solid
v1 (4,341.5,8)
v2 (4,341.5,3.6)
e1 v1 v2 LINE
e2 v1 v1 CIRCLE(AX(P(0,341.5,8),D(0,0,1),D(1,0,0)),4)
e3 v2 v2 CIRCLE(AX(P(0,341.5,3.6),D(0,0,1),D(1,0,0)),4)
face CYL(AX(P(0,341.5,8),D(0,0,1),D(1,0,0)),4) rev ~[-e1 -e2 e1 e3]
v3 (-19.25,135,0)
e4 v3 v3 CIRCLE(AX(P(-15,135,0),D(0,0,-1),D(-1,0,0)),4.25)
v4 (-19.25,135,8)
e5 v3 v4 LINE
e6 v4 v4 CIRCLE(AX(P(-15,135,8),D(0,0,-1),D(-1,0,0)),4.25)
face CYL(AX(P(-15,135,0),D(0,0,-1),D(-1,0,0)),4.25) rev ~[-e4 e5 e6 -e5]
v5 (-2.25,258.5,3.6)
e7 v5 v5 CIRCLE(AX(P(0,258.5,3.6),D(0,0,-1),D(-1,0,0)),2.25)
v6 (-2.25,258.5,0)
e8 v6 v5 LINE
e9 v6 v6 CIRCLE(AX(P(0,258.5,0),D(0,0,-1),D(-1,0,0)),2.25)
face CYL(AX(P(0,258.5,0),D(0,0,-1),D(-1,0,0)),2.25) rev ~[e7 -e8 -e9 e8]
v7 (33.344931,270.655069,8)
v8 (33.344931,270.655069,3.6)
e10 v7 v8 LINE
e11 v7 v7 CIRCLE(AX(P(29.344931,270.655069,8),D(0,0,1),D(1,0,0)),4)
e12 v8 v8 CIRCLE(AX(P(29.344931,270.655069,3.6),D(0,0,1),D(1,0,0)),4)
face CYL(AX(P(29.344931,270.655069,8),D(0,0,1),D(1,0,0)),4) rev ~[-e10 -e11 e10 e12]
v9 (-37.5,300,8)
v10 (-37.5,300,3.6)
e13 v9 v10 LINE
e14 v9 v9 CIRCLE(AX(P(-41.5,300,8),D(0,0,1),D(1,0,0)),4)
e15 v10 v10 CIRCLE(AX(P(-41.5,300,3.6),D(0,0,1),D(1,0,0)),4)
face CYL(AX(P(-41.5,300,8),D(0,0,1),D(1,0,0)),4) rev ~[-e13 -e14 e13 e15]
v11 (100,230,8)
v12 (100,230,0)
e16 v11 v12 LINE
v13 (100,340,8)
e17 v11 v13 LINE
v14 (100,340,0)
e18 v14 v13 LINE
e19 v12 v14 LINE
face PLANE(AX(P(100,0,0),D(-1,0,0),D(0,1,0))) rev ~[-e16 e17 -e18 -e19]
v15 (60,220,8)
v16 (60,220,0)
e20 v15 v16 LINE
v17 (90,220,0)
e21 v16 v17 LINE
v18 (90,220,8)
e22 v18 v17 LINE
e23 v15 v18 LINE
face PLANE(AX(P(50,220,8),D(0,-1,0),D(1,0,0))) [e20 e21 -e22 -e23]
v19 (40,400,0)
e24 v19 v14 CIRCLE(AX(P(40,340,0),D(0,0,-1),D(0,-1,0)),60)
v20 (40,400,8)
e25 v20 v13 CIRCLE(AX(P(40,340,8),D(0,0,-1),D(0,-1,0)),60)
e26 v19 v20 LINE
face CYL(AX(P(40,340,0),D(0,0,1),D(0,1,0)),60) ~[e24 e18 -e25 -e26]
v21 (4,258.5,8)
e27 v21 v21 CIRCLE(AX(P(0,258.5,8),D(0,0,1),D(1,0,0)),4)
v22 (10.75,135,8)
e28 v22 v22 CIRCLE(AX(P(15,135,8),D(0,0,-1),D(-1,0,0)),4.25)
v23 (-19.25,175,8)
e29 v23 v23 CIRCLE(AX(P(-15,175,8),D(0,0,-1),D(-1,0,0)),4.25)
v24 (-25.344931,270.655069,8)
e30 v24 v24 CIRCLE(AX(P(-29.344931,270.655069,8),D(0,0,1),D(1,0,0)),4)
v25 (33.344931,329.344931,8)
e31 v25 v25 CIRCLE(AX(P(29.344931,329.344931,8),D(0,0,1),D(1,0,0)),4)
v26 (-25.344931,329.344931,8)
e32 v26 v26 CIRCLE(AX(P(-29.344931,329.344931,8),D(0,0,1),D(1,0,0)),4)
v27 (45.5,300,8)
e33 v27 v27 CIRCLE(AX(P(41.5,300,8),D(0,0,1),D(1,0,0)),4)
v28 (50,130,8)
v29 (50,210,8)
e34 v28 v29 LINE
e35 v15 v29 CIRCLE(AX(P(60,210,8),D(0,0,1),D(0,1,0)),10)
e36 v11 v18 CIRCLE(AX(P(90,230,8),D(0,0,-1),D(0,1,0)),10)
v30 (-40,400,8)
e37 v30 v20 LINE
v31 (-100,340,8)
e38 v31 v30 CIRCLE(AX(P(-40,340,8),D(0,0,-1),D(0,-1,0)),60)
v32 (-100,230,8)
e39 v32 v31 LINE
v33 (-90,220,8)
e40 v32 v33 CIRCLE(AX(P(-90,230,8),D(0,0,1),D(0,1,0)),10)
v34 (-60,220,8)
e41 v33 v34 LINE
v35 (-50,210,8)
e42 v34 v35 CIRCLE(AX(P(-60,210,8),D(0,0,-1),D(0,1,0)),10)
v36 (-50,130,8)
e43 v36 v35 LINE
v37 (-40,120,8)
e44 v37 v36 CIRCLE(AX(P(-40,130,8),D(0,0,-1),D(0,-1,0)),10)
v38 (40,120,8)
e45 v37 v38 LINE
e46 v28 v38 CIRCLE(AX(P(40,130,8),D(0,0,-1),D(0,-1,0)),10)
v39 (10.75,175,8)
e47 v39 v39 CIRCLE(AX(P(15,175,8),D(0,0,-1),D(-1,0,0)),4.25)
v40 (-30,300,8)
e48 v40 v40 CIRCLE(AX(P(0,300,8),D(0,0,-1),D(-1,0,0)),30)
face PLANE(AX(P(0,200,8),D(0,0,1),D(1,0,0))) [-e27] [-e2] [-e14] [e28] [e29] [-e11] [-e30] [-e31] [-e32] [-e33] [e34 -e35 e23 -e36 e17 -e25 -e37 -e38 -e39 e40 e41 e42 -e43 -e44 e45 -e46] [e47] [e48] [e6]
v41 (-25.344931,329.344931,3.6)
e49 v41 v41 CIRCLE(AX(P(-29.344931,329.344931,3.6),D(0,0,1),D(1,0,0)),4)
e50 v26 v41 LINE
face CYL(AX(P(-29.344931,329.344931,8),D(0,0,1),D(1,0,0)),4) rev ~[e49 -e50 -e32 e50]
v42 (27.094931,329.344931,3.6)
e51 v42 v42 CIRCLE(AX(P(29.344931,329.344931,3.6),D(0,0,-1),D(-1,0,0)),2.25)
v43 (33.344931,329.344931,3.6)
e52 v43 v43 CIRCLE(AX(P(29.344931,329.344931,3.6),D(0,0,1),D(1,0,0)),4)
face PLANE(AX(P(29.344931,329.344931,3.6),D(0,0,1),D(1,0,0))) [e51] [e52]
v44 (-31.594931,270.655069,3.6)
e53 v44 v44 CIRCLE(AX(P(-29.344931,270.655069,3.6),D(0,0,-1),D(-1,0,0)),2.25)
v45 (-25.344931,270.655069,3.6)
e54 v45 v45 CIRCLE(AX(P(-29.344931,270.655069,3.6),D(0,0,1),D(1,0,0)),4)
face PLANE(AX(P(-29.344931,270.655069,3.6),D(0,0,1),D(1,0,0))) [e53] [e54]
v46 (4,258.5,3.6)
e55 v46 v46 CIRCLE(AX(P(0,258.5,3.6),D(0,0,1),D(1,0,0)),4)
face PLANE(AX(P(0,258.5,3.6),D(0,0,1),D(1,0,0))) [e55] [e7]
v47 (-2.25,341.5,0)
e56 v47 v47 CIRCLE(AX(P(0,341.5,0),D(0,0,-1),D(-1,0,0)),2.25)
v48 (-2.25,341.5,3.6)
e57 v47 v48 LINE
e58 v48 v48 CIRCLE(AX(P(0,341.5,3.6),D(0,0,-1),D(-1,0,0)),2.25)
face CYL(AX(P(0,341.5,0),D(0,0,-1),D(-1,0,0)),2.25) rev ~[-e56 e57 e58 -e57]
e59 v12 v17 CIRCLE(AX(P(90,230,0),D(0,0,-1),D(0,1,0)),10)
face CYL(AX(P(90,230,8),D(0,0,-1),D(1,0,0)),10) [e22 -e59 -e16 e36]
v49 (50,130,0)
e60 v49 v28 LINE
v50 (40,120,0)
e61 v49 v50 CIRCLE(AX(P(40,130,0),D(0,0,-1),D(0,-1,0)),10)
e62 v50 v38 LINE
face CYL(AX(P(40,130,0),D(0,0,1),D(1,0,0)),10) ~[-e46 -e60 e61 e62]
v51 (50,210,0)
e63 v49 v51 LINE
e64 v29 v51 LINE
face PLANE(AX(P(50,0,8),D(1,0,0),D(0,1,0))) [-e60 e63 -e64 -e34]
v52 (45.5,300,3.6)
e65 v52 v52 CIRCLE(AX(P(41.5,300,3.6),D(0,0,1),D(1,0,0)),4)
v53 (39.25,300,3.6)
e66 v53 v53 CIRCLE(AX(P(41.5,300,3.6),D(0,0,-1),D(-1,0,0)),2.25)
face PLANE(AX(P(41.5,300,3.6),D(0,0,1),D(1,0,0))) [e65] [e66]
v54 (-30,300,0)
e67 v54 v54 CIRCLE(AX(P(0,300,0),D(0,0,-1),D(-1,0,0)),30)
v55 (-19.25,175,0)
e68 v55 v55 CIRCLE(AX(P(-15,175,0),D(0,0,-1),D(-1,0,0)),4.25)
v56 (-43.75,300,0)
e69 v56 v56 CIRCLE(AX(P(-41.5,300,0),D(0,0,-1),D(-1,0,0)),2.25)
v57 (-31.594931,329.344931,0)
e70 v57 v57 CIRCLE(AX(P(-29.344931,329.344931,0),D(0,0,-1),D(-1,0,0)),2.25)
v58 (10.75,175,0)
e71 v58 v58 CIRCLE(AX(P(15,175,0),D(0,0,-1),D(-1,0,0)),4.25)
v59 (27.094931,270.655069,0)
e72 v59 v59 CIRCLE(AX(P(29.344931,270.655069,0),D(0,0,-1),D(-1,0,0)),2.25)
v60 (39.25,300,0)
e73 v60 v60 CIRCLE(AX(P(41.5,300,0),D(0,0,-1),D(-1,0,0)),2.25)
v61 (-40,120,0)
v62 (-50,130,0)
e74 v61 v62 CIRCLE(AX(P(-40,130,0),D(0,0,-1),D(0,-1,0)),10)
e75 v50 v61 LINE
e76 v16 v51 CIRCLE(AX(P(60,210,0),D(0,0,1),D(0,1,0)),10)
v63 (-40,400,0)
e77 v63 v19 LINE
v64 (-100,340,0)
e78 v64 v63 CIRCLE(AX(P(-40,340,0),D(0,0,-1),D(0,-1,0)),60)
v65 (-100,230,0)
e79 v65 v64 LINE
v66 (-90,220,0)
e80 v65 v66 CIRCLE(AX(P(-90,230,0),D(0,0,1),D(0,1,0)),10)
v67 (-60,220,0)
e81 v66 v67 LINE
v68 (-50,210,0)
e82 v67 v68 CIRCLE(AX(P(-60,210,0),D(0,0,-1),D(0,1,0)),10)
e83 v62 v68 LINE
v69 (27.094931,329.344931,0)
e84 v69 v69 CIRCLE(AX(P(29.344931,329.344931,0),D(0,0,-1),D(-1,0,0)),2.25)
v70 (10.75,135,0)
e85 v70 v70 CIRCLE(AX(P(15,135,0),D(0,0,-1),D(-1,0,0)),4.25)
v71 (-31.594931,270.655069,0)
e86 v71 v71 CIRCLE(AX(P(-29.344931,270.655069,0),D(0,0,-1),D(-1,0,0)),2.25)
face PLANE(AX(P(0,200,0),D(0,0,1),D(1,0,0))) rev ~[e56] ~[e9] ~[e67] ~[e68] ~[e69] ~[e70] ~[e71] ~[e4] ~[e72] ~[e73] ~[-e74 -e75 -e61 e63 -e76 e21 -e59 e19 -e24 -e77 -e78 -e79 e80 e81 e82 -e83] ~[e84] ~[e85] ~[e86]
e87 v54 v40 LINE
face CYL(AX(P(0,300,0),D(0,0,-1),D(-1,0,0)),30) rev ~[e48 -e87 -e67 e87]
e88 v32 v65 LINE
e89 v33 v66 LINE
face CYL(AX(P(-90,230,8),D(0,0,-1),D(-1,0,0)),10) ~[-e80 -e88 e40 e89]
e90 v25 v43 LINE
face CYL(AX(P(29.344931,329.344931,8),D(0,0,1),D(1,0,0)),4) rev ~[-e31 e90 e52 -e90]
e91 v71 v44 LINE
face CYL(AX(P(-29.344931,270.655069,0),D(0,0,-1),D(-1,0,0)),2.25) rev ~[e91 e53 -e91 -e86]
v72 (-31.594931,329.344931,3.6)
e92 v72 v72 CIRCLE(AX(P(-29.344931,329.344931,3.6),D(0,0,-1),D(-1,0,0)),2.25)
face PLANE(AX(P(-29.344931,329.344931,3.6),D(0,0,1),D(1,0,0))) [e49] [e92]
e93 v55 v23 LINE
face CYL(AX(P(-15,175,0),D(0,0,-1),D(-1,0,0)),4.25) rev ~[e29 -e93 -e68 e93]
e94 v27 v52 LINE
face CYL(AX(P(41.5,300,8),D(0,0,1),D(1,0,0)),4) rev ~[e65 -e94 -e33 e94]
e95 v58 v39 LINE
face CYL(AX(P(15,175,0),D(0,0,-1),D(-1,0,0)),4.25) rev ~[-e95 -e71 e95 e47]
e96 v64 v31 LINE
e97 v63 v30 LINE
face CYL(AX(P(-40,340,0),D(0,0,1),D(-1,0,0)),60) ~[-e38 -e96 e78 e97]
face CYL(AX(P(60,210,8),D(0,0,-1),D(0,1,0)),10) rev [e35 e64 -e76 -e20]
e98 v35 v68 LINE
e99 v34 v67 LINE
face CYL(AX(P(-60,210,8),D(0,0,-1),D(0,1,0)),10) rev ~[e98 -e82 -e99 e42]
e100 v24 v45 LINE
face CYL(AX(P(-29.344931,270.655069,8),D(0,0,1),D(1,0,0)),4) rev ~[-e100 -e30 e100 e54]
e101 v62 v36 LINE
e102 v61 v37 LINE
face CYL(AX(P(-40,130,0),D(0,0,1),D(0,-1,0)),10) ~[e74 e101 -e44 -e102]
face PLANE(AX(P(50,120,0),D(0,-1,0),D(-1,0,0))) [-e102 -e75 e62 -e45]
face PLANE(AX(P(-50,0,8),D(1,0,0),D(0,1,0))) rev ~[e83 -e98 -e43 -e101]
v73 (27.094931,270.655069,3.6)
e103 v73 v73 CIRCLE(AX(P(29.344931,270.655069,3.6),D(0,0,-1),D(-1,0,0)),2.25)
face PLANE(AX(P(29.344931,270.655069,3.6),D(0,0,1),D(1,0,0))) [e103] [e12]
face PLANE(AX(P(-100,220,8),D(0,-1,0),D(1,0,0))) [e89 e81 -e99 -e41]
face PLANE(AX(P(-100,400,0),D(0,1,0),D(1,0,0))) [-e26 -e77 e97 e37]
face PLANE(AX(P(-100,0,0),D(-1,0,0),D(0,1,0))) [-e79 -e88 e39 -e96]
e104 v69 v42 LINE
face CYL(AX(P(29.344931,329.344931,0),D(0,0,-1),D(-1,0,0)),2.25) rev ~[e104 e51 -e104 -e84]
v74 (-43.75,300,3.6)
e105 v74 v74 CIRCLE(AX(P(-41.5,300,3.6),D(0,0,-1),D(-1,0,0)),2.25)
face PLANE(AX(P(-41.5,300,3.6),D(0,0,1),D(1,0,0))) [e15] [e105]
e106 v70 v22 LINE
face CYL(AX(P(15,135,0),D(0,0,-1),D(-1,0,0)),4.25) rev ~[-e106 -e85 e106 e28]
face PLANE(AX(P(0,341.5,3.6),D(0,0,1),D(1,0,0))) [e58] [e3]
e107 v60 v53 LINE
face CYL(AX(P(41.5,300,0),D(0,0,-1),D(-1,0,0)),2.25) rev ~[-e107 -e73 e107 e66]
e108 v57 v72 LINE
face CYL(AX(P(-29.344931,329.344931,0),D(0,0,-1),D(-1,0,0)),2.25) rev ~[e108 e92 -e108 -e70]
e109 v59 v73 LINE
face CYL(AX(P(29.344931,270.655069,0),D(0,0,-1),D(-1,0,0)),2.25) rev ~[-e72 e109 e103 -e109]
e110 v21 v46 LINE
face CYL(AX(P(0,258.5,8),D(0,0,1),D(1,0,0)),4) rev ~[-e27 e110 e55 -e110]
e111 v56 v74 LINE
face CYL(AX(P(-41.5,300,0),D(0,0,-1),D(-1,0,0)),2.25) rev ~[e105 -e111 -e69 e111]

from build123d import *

# Parameters (mm, degrees)
SKETCH_1_W          = 200
SKETCH_1_H          = 400
EXTRUDE_1_DEPTH     = 8
SKETCH_2_R          = 30
CUT_EXTRUDE_1_DEPTH = 10
SKETCH_3_R          = 2.25
CUT_EXTRUDE_2_DEPTH = 10
SKETCH_4_R          = 4
CUT_EXTRUDE_3_DEPTH = 4.4
FILLET_1_R          = 60
SKETCH_5_R          = 4.25
CUT_EXTRUDE_4_DEPTH = 10
SKETCH_6_W          = 50
SKETCH_6_H          = 220
CUT_EXTRUDE_5_DEPTH = 10
FILLET_2_R          = 10
SKETCH_7_W          = 100
SKETCH_7_H          = 120
CUT_EXTRUDE_6_DEPTH = 84
FILLET_3_R          = 10


with BuildPart() as part:
    # 草图1 → 凸台-拉伸1 (new body)
    with BuildSketch(Plane.XY):
        with Locations((0, 200)):
            Rectangle(SKETCH_1_W, SKETCH_1_H)
    extrude(amount=EXTRUDE_1_DEPTH)

    # 草图2 → 切除-拉伸1 (cut)
    with BuildSketch(Plane(origin=(0, 0, 0), x_dir=(-1, 0, 0), z_dir=(0, 0, -1))):
        with Locations((0, 300)):
            Circle(SKETCH_2_R)
    extrude(amount=-CUT_EXTRUDE_1_DEPTH, mode=Mode.SUBTRACT)

    # 草图3 → 切除-拉伸2 (cut)
    with BuildSketch(Plane(origin=(0, 0, 0), x_dir=(-1, 0, 0), z_dir=(0, 0, -1))):
        with Locations((0, 341.5)):
            Circle(SKETCH_3_R)
        with Locations((29.344931419, 329.344931419)):
            Circle(SKETCH_3_R)
        with Locations((41.5, 300)):
            Circle(SKETCH_3_R)
        with Locations((29.344931419, 270.655068581)):
            Circle(SKETCH_3_R)
        with Locations((0, 258.5)):
            Circle(SKETCH_3_R)
        with Locations((-29.344931419, 270.655068581)):
            Circle(SKETCH_3_R)
        with Locations((-41.5, 300)):
            Circle(SKETCH_3_R)
        with Locations((-29.344931419, 329.344931419)):
            Circle(SKETCH_3_R)
    extrude(amount=-CUT_EXTRUDE_2_DEPTH, mode=Mode.SUBTRACT)

    # 草图4 → 切除-拉伸3 (cut)
    with BuildSketch(Plane.XY.offset(8)):
        with Locations((29.344931419, 329.344931419)):
            Circle(SKETCH_4_R)
        with Locations((41.5, 300)):
            Circle(SKETCH_4_R)
        with Locations((29.344931419, 270.655068581)):
            Circle(SKETCH_4_R)
        with Locations((0, 258.5)):
            Circle(SKETCH_4_R)
        with Locations((-29.344931419, 270.655068581)):
            Circle(SKETCH_4_R)
        with Locations((-41.5, 300)):
            Circle(SKETCH_4_R)
        with Locations((-29.344931419, 329.344931419)):
            Circle(SKETCH_4_R)
        with Locations((0, 341.5)):
            Circle(SKETCH_4_R)
    extrude(amount=-CUT_EXTRUDE_3_DEPTH, mode=Mode.SUBTRACT)

    # 圆角1
    fillet_1_edges = [part.edges().sort_by_distance(p)[0] for p in [
        (100, 400, 4),
        (-100, 400, 4),
    ]]
    fillet(fillet_1_edges, radius=FILLET_1_R)

    # 草图5 → 切除-拉伸4 (cut)
    with BuildSketch(Plane(origin=(0, 0, 0), x_dir=(-1, 0, 0), z_dir=(0, 0, -1))):
        with Locations((-15, 25)):
            Circle(SKETCH_5_R)
        with Locations((15, 25)):
            Circle(SKETCH_5_R)
        with Locations((-15, 65)):
            Circle(SKETCH_5_R)
        with Locations((15, 65)):
            Circle(SKETCH_5_R)
        with Locations((-15, 175)):
            Circle(SKETCH_5_R)
        with Locations((-15, 135)):
            Circle(SKETCH_5_R)
        with Locations((15, 135)):
            Circle(SKETCH_5_R)
        with Locations((15, 175)):
            Circle(SKETCH_5_R)
    extrude(amount=-CUT_EXTRUDE_4_DEPTH, mode=Mode.SUBTRACT)

    # 草图6 → 切除-拉伸5 (cut)
    with BuildSketch(Plane.XY.offset(8)):
        with Locations((-75, 110)):
            Rectangle(SKETCH_6_W, SKETCH_6_H)
        with Locations((75, 110)):
            Rectangle(SKETCH_6_W, SKETCH_6_H)
    extrude(amount=-CUT_EXTRUDE_5_DEPTH, mode=Mode.SUBTRACT)

    # 圆角2
    fillet_2_edges = [part.edges().sort_by_distance(p)[0] for p in [
        (100, 220, 4),
        (50, 220, 4),
        (-100, 220, 4),
        (-50, 220, 4),
    ]]
    fillet(fillet_2_edges, radius=FILLET_2_R)

    # 草图7 → 切除-拉伸6 (cut)
    with BuildSketch(Plane(origin=(0, 0, 0), x_dir=(-1, 0, 0), z_dir=(0, 0, -1))):
        with Locations((0, 60)):
            Rectangle(SKETCH_7_W, SKETCH_7_H)
    extrude(amount=-CUT_EXTRUDE_6_DEPTH, mode=Mode.SUBTRACT)

    # 圆角3
    fillet_3_edges = [part.edges().sort_by_distance(p)[0] for p in [
        (50, 120, 4),
        (-50, 120, 4),
    ]]
    fillet(fillet_3_edges, radius=FILLET_3_R)


solid = part.part
